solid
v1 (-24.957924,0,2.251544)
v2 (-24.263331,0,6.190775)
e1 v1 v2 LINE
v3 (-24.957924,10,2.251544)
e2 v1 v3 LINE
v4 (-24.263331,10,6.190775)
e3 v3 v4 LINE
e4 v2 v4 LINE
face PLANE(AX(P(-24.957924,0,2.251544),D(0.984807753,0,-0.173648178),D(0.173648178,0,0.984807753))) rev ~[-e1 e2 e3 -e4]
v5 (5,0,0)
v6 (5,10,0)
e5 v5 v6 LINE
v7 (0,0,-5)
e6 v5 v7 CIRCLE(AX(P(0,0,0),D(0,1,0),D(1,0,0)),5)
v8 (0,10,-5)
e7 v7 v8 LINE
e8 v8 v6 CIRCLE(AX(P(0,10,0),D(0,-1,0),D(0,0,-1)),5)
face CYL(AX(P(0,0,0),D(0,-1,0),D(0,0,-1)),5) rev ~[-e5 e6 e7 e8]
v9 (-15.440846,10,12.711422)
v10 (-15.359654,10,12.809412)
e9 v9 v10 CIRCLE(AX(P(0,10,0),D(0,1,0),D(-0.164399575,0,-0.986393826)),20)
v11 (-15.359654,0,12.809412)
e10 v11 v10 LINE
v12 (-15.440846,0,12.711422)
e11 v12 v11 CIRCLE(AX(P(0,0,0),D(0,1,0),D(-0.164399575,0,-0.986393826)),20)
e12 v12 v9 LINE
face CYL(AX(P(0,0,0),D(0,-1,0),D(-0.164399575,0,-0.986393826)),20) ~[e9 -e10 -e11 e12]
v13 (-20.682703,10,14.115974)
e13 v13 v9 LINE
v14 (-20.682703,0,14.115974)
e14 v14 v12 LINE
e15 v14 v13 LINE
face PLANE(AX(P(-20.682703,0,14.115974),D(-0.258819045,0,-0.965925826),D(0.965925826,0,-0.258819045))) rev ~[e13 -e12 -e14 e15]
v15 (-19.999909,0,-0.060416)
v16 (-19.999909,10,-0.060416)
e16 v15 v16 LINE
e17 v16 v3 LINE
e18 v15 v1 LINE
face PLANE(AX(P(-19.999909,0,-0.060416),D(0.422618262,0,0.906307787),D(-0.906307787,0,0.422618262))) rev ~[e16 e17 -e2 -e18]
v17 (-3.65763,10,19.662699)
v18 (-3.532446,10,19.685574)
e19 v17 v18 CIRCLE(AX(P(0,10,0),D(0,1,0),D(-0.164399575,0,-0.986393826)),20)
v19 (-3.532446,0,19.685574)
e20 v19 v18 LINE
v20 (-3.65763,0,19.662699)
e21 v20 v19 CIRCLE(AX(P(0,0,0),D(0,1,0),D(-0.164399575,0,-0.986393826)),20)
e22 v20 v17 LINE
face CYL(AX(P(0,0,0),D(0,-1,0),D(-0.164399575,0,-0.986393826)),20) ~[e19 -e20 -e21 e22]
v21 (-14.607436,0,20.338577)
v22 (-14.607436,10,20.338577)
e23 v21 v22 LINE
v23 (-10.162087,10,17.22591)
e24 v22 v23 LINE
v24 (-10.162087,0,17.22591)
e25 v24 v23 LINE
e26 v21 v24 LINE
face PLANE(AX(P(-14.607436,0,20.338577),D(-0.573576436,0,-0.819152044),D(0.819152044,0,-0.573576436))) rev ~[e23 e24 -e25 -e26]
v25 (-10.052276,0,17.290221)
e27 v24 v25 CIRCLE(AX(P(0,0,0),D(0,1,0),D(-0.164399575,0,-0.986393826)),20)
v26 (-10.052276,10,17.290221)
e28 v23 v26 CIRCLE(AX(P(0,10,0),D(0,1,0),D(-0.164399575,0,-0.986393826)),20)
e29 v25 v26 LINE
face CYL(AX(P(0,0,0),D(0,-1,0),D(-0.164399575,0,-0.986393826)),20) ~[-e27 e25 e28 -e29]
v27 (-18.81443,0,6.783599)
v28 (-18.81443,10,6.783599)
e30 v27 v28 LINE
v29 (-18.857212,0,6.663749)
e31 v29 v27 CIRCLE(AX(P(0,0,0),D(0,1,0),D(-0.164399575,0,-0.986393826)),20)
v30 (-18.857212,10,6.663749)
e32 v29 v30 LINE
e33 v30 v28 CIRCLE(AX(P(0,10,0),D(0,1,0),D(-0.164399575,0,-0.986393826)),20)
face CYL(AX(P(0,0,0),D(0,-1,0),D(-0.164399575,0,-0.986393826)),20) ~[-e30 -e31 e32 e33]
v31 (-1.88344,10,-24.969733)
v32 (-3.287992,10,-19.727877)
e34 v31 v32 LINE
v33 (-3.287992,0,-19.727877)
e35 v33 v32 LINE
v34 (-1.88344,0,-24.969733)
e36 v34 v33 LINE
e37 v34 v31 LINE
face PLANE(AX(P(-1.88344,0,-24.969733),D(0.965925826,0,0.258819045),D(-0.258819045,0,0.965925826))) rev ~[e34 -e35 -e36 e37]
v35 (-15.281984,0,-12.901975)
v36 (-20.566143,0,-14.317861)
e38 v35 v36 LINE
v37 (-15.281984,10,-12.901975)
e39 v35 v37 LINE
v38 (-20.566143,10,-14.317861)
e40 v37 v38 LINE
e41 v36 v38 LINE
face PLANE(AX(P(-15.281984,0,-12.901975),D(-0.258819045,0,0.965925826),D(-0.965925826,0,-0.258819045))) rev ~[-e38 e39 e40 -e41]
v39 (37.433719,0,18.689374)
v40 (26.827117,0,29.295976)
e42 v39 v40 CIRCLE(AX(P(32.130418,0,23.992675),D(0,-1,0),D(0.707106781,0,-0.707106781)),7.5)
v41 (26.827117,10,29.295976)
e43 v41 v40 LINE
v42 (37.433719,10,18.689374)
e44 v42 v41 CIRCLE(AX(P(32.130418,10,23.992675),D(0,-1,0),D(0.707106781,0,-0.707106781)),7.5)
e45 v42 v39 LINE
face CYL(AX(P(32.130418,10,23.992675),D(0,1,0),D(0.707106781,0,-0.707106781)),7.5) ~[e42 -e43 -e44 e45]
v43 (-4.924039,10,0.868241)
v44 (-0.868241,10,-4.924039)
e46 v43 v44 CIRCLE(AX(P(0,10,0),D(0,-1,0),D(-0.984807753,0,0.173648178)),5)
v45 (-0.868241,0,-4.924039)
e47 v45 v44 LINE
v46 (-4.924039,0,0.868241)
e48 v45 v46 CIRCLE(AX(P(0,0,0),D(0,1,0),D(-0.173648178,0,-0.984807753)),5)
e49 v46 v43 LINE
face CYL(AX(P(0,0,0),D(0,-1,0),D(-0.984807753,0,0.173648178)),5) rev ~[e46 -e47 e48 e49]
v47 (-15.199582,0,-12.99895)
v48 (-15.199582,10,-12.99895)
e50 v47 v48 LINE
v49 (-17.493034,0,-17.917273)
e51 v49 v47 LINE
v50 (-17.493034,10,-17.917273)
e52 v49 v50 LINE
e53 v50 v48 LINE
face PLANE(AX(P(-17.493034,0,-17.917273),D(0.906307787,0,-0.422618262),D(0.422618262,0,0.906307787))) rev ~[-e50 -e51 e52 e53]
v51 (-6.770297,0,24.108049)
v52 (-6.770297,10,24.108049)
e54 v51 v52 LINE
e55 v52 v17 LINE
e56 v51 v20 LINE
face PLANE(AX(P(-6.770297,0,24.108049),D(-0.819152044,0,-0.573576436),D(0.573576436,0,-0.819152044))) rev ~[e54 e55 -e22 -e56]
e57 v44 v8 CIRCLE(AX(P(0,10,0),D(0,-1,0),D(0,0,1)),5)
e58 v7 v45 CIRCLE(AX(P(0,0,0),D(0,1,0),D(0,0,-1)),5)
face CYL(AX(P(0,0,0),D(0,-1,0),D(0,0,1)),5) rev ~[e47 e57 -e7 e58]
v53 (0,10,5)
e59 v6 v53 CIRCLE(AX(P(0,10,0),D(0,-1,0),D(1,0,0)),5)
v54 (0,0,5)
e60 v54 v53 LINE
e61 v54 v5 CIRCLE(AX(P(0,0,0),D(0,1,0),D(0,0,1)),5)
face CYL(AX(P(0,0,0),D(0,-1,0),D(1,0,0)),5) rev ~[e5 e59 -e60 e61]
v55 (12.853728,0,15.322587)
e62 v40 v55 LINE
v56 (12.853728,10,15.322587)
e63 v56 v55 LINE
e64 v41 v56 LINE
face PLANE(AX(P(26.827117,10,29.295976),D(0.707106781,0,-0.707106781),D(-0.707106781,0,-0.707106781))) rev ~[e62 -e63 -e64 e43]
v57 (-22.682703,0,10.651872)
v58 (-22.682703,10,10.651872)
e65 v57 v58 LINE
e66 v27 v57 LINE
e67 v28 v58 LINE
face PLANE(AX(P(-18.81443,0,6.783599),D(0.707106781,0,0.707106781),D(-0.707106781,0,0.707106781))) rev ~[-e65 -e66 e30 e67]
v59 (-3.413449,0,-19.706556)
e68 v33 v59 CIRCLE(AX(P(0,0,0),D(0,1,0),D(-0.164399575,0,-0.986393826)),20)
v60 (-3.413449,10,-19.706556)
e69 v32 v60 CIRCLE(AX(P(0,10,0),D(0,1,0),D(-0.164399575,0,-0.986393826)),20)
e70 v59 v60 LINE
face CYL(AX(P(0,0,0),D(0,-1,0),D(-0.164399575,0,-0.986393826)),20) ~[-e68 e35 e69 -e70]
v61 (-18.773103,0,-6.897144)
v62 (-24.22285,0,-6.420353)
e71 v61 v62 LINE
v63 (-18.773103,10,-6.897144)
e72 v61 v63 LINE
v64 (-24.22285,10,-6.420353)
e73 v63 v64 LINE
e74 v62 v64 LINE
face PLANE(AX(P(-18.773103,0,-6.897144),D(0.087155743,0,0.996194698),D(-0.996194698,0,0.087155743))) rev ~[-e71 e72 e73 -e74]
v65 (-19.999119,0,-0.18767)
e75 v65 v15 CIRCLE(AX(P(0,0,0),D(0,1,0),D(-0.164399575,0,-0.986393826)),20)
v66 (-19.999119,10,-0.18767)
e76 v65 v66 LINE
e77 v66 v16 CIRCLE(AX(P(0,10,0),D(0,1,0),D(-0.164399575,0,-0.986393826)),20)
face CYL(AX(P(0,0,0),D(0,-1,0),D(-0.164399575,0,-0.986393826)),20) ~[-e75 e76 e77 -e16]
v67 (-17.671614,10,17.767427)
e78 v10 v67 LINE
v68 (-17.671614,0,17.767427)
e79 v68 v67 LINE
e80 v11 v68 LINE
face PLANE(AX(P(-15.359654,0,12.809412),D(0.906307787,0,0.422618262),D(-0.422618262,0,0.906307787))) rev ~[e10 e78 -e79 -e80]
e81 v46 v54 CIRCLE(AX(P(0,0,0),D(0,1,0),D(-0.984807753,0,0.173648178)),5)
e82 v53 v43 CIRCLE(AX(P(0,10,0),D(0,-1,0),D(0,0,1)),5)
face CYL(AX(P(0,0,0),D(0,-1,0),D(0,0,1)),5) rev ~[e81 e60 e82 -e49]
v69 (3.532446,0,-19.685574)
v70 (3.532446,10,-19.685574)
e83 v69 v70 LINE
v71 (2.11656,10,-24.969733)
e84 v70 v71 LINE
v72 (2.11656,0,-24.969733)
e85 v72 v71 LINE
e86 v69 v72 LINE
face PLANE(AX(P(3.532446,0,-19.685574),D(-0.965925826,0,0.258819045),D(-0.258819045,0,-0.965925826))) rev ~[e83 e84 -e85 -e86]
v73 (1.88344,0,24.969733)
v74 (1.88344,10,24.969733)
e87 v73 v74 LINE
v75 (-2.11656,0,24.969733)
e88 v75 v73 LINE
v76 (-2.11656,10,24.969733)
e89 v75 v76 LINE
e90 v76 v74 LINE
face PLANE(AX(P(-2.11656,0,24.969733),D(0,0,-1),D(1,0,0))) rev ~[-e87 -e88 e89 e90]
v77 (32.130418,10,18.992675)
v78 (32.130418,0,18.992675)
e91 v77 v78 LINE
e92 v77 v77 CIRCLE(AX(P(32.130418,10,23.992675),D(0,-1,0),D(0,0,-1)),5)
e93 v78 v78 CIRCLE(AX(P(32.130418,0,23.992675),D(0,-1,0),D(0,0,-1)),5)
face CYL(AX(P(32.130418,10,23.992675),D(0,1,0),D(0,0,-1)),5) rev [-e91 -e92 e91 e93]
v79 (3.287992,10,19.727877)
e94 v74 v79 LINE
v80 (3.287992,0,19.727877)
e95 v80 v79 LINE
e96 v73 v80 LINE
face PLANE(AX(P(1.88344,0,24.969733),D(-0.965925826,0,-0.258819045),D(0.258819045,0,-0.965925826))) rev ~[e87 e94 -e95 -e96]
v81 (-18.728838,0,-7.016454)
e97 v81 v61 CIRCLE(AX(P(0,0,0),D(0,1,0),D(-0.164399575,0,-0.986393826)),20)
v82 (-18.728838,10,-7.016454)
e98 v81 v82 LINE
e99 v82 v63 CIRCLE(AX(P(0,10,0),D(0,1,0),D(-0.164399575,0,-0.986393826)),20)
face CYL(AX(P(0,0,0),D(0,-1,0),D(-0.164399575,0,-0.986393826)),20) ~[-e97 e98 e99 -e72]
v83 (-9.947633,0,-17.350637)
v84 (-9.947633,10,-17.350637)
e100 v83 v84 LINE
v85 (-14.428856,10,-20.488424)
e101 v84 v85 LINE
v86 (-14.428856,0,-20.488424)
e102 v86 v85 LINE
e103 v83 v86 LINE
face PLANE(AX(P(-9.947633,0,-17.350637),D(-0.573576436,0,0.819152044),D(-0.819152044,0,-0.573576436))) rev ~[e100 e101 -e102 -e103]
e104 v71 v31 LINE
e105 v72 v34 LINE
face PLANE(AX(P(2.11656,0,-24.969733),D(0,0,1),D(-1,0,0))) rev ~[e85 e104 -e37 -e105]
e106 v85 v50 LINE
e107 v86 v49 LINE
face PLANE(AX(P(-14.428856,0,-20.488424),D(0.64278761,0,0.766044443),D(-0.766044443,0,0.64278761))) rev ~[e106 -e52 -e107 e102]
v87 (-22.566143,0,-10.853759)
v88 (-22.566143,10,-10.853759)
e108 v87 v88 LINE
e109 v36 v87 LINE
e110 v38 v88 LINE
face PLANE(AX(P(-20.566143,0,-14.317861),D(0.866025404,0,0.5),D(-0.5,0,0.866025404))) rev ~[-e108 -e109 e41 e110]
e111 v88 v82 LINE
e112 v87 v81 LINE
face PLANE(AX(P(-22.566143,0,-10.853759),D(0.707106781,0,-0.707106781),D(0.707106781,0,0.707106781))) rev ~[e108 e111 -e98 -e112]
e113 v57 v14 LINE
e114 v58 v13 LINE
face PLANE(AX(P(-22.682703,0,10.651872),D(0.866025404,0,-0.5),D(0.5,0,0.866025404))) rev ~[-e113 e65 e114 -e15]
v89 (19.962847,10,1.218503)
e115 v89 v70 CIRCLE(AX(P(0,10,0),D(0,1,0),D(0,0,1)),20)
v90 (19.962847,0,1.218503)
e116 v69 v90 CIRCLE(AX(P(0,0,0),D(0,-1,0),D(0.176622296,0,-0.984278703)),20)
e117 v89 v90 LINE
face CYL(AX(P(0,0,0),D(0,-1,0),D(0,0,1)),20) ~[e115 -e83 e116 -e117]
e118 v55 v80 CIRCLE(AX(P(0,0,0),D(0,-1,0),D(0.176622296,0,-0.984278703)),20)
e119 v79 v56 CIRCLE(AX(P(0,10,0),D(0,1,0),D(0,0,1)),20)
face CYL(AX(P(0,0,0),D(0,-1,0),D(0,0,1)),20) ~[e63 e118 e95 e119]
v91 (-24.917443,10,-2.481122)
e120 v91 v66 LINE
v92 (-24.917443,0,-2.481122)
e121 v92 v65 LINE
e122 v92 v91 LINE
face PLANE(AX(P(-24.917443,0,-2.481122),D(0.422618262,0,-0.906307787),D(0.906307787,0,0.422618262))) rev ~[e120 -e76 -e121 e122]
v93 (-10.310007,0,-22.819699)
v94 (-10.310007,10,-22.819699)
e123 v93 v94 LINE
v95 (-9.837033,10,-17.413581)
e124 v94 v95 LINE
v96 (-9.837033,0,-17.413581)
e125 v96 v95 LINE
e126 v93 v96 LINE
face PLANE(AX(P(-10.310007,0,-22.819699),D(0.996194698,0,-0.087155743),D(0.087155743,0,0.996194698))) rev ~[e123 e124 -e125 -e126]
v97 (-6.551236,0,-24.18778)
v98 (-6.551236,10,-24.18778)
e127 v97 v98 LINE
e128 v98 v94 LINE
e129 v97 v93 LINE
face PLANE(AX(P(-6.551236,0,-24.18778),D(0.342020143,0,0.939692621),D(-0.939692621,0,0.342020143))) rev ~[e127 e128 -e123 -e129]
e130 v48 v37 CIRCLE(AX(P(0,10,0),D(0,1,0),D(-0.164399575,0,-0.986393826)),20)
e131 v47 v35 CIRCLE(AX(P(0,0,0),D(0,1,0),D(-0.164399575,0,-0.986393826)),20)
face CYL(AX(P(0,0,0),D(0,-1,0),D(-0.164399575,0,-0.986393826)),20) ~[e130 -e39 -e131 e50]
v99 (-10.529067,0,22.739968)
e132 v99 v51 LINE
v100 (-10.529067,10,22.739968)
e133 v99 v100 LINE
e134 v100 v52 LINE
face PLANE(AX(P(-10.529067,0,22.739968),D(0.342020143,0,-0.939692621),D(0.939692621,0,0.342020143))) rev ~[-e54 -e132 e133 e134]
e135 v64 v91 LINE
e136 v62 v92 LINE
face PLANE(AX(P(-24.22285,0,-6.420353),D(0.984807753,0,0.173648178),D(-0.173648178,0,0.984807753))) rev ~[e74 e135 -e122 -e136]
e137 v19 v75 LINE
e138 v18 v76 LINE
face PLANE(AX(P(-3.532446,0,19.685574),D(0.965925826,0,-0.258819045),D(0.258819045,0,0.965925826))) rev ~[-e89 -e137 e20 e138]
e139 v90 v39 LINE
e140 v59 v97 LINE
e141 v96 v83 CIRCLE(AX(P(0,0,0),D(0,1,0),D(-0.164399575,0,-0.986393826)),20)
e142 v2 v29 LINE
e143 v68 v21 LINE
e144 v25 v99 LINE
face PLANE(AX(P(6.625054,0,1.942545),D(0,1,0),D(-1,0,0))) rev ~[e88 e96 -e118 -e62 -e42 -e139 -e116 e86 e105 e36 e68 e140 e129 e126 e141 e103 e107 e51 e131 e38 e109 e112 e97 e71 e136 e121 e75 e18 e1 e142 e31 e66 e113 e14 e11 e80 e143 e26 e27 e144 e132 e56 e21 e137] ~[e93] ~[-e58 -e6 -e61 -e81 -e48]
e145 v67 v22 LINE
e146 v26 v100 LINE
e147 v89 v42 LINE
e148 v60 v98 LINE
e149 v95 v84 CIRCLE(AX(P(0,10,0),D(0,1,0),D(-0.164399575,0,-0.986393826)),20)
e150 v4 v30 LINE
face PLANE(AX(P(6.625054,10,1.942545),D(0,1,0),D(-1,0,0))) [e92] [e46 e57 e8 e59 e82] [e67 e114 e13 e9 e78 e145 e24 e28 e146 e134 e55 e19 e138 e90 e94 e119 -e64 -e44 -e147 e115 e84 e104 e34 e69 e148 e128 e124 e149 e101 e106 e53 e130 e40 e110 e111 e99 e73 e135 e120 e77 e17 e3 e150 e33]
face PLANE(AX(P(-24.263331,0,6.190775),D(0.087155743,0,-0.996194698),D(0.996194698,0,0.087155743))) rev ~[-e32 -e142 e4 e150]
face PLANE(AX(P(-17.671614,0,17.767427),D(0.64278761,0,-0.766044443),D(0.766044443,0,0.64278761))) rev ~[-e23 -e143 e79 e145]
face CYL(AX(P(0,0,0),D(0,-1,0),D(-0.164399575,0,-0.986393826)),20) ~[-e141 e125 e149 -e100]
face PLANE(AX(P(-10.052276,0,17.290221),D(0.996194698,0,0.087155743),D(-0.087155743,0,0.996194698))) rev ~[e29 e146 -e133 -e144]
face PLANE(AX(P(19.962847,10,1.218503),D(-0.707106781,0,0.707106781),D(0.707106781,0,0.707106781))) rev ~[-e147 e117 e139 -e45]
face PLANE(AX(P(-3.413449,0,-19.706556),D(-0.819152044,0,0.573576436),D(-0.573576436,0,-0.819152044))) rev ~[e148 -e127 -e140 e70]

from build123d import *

# Parameters (mm, degrees)
SALIENTE_EXTRUIR1_DEPTH = 10
MATRIZC1_COUNT          = 10
MATRIZC1_ANGLE          = 180
SALIENTE_EXTRUIR5_START = -10
CROQUIS2_R              = 5
SALIENTE_EXTRUIR5_DEPTH = 10


with BuildPart() as part:
    # Croquis1 → Saliente-Extruir1 (new body)
    with BuildSketch(Plane(origin=(0, 0, 0), x_dir=(1, 0, 0), z_dir=(0, 1, 0))):
        with BuildLine():
            Line((0, 5), (0, 20))
            Line((0, 20), (0, 24.969733164))
            Line((0, 24.969733164), (-1.883440248, 24.969733164))
            Line((-1.883440248, 24.969733164), (-3.287991504, 19.727876517))
            ThreePointArc((-3.287991504, 19.727876517), (-19.931853029, -1.649616571), (0, -20))
            Line((0, -20), (0, -5))
            ThreePointArc((0, -5), (-5, 0), (0, 5))
        make_face()
        with BuildLine():
            Line((0, 24.969733164), (0, 20))
            Line((0, 20), (0, 5))
            ThreePointArc((0, 5), (3.535533906, 3.535533906), (5, 0))
            ThreePointArc((5, 0), (3.535533906, -3.535533906), (0, -5))
            Line((0, -5), (0, -20))
            ThreePointArc((0, -20), (19.921238429, -1.773205983), (3.532445918, 19.685574054))
            Line((3.532445918, 19.685574054), (2.116559752, 24.969733164))
            Line((2.116559752, 24.969733164), (0, 24.969733164))
        make_face()
    saliente_extruir1 = extrude(amount=SALIENTE_EXTRUIR1_DEPTH)

    # MatrizC1: Saliente-Extruir1 ×10 about axis
    matrizc1_axis = Axis((0, 0, 0), (0, 1, 0))
    for i in range(1, MATRIZC1_COUNT):
        add(saliente_extruir1.rotate(matrizc1_axis, i * MATRIZC1_ANGLE / (MATRIZC1_COUNT - 1)))

    # Croquis2 → Saliente-Extruir5 (add)
    with BuildSketch(Plane.XZ.offset(SALIENTE_EXTRUIR5_START)):
        with BuildLine():
            Line((26.827116941, 29.295976121), (12.853727975, 15.322587155))
            ThreePointArc((12.853727975, 15.322587155), (17.859540741, 9.002044462), (19.962846781, 1.218502525))
            Line((19.962846781, 1.218502525), (37.433718659, 18.689374403))
            ThreePointArc((37.433718659, 18.689374403), (37.433718659, 29.295976121), (26.827116941, 29.295976121))
        make_face()
        with Locations(Location((32.1304178, 23.992675262, 0), (0, 0, 270))):
            Circle(CROQUIS2_R, mode=Mode.SUBTRACT)
    extrude(amount=SALIENTE_EXTRUIR5_DEPTH)


solid = part.part
